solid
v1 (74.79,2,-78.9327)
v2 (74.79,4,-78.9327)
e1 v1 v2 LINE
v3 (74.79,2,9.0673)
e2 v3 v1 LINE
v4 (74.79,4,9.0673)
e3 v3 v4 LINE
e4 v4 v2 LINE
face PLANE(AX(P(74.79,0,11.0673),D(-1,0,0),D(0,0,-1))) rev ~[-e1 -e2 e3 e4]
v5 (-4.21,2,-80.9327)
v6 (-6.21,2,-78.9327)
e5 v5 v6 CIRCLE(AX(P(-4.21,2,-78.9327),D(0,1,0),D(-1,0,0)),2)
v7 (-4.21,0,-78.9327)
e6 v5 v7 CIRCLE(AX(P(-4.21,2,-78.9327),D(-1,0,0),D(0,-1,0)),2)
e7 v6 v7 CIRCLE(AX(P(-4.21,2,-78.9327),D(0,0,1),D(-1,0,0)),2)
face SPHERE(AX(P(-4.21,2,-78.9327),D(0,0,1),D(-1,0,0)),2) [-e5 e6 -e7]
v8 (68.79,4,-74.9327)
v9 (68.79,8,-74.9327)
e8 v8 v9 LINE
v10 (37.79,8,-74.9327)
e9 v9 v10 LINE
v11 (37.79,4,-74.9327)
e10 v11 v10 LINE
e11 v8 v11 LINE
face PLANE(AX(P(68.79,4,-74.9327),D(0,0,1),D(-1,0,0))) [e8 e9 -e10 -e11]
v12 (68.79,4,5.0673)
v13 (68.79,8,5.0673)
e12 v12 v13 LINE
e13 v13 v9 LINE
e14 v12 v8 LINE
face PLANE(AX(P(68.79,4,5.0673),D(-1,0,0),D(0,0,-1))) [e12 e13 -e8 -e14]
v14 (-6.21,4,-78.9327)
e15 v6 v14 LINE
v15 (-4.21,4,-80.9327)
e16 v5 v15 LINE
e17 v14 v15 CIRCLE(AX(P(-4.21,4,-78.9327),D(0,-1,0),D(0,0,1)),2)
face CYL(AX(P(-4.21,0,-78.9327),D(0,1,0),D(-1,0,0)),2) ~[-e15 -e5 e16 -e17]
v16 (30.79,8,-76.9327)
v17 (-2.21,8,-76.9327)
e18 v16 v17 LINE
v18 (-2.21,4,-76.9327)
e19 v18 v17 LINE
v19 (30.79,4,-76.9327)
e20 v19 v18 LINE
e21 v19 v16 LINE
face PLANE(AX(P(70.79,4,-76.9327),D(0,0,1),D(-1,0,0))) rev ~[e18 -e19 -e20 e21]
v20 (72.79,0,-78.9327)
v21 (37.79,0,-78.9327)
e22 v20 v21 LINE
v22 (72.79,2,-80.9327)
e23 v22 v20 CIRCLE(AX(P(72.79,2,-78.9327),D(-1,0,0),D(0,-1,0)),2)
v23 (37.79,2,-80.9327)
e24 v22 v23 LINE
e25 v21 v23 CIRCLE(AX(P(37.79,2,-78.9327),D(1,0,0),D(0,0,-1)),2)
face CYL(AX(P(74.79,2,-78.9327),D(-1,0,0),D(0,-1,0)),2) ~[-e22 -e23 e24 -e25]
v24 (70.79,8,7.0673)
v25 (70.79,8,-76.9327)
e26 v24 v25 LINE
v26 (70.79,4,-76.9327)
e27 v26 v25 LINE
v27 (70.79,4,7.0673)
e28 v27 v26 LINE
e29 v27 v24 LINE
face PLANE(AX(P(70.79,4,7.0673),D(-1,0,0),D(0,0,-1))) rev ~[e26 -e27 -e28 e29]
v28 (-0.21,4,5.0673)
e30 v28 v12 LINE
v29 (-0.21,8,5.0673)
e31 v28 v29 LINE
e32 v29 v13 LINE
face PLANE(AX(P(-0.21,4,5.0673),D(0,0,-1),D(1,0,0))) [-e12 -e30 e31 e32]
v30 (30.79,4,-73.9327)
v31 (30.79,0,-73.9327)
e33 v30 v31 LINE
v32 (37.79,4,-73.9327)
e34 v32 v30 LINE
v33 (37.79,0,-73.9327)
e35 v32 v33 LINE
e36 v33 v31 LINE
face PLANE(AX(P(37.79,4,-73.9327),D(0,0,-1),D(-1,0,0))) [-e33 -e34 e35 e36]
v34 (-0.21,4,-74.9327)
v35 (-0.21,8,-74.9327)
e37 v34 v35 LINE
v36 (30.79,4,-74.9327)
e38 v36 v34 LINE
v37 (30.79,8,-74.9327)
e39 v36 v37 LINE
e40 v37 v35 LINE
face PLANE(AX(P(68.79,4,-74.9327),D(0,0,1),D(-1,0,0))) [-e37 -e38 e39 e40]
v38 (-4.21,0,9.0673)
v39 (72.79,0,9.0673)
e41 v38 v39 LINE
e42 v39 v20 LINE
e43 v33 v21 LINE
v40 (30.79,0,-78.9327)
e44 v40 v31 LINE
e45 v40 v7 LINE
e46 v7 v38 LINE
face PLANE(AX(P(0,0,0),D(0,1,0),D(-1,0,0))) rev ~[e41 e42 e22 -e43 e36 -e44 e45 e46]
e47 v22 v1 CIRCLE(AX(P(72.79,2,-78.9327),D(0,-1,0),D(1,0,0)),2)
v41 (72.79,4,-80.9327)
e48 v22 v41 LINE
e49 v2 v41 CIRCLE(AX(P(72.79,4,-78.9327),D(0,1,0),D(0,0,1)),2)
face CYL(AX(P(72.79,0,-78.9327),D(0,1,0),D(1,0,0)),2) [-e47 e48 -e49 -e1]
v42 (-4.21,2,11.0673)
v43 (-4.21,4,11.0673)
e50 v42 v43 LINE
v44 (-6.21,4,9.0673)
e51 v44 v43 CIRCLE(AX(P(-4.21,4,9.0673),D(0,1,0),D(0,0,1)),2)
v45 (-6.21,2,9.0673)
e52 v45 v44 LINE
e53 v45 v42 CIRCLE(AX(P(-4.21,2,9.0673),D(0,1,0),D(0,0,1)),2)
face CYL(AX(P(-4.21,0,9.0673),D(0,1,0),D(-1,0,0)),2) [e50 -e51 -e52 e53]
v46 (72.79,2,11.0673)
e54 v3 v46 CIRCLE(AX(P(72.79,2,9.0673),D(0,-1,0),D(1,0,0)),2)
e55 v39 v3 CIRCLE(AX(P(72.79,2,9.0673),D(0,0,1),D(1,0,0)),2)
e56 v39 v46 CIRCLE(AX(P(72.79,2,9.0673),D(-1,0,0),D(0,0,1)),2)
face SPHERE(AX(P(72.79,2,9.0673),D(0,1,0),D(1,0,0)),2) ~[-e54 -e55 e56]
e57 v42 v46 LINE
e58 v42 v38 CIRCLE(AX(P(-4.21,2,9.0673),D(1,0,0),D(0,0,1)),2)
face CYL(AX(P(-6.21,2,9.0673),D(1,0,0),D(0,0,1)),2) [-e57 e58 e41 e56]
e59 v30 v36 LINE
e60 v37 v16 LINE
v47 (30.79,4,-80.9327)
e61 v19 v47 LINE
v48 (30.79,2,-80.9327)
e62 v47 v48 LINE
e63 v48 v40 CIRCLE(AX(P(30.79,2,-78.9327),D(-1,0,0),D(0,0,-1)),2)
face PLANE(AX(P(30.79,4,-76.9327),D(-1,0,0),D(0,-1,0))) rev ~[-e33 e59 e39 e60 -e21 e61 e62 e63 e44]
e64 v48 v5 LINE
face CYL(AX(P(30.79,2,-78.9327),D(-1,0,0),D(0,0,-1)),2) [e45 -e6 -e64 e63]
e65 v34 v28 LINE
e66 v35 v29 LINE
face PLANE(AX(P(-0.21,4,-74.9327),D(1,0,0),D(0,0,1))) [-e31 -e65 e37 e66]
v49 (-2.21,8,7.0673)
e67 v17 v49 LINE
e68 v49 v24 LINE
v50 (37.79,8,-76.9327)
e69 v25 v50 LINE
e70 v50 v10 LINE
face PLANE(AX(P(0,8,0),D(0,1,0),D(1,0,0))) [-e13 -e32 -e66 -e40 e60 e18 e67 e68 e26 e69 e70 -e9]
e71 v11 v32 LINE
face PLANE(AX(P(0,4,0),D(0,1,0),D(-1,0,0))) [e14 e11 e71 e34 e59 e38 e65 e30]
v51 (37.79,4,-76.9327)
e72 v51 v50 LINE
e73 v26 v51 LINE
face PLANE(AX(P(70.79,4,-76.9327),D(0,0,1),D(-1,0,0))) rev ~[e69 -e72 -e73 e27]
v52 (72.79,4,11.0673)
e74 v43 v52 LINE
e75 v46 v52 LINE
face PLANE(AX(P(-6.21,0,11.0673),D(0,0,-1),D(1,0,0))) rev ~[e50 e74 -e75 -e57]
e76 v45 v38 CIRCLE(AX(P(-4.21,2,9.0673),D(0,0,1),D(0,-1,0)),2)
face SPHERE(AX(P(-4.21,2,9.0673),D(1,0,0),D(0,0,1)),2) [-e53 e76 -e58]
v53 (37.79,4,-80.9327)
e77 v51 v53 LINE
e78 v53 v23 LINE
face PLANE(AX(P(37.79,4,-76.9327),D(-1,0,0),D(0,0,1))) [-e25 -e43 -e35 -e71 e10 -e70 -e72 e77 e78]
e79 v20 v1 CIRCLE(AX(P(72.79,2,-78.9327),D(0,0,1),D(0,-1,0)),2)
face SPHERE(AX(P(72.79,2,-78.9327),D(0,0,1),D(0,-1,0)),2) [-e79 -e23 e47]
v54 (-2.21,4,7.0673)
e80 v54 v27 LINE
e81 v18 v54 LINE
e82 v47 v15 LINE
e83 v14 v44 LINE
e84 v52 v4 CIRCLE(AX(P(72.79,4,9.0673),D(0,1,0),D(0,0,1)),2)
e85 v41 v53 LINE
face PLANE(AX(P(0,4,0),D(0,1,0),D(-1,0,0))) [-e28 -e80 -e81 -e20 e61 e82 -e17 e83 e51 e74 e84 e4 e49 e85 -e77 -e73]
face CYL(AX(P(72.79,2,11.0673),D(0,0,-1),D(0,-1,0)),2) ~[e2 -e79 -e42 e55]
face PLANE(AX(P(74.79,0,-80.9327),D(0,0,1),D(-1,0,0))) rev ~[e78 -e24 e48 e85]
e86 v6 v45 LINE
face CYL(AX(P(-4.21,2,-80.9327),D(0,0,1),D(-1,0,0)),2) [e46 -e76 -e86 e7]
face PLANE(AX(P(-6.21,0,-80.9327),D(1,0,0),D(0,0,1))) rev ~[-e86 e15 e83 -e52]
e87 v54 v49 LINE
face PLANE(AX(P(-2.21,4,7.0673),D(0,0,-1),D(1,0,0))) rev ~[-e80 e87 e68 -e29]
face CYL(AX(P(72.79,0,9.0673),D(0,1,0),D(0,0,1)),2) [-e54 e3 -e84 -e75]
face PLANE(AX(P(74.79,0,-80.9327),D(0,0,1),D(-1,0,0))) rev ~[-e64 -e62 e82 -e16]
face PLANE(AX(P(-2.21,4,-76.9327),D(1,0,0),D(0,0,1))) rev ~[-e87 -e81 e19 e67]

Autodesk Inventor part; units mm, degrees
ref_plane "YZ Plane" through (0, 0, 0) normal (1, 0, 0) x (0, 1, 0)
ref_plane "XZ Plane" through (0, 0, 0) normal (0, 1, 0) x (-1, 0, 0)
ref_plane "XY Plane" through (0, 0, 0) normal (0, 0, 1) x (1, 0, 0)
sketch "Sketch1" plane through (0, 0, 0) normal (0, 1, 0) x (-1, 0, 0)
  line L0 (6.21, 11.0673) -> (-74.79, 11.0673)
  line L1 (-74.79, 11.0673) -> (-74.79, -80.9327)
  line L2 (-74.79, -80.9327) -> (6.21, -80.9327)
  line L3 (6.21, -80.9327) -> (6.21, 11.0673)
  point P0 (0, 0)
  dimension "d0" = 81
  dimension "d1" = 92
extrude "Extrusion1" add sketch "Sketch1" along normal blind 4
sketch "Sketch2" plane through (0, 4, 0) normal (0, 1, 0) x (1, 0, 0)
  line L0 (-6.21, -11.0673) -> (74.79, -11.0673) projected
  line L1 (-3.1343, -11.0673) -> (0.8657, -11.0673) construction
  line L2 (-6.21, 80.9327) -> (-6.21, -11.0673) projected
  line L3 (-2.21, -7.0673) -> (70.79, -7.0673)
  line L4 (70.79, -7.0673) -> (70.79, 76.9327)
  line L5 (70.79, 76.9327) -> (-2.21, 76.9327)
  line L6 (-2.21, 76.9327) -> (-2.21, -7.0673)
  line L7 (74.79, -11.0673) -> (74.79, 80.9327) projected
  line L8 (-6.21, -11.0673) -> (74.79, -11.0673)
  line L9 (74.79, -11.0673) -> (74.79, 80.9327)
  line L10 (74.79, 80.9327) -> (-6.21, 80.9327)
  line L11 (-6.21, 80.9327) -> (-6.21, -11.0673)
  line L12 (-6.21, 80.9327) -> (-6.21, -11.0673) projected
  line L13 (2.4089, -7.0673) -> (4.4089, -7.0673) construction
  line L14 (-2.21, -5.0673) -> (-0.21, -5.0673) construction
  line L15 (-0.21, -5.0673) -> (68.79, -5.0673)
  line L16 (68.79, -5.0673) -> (68.79, 74.9327)
  line L17 (68.79, 74.9327) -> (-0.21, 74.9327)
  line L18 (-0.21, 74.9327) -> (-0.21, -5.0673)
  point P0 (0, 0)
  dimension "d8" = 73
  dimension "d9" = 84
  dimension "d14" = 69
  dimension "d15" = 80
extrude "Extrusion2" add sketch "Sketch2" along normal blind 4 contours L6 L5 L4 L3
sketch "Sketch3" plane through (0, 4, 0) normal (0, 1, 0) x (1, 0, 0)
  line L0 (-6.21, 80.9327) -> (-6.21, -11.0673) projected
  line L1 (-6.21, 78.6108) -> (34.29, 78.6108)
  line L2 (74.79, -11.0673) -> (74.79, 80.9327) projected
  line L3 (34.29, 78.6108) -> (34.29, 76.9327)
  line L4 (70.79, 76.9327) -> (-2.21, 76.9327) projected
  line L5 (34.29, 76.9327) -> (30.79, 76.9327)
  line L6 (30.79, 76.9327) -> (34.29, 76.9327)
  line L7 (34.29, 76.9327) -> (37.79, 76.9327)
  line L8 (37.79, 76.9327) -> (37.79, 73.9327)
  line L9 (37.79, 73.9327) -> (30.79, 73.9327)
  line L10 (30.79, 73.9327) -> (30.79, 76.9327)
  point P0 (0, 0)
  dimension "d18" = 40.5
  dimension "d19" = 3.5
  dimension "d20" = 3.5
  dimension "d21" = 3.5
  dimension "d22" = 3
  dimension "d23" = 7
extrude "Extrusion3" cut sketch "Sketch3" against normal blind 4
sketch "Sketch4" plane through (0, 4, 0) normal (0, -1, 0) x (1, 0, 0)
  line L0 (30.79, -76.9327) -> (37.79, -76.9327) projected
  line L1 (30.79, -73.9327) -> (30.79, -74.9327) projected
  line L2 (37.79, -76.9327) -> (30.79, -76.9327)
  line L3 (30.79, -76.9327) -> (30.79, -74.9327)
  line L4 (30.79, -74.9327) -> (37.79, -74.9327)
  line L5 (37.79, -74.9327) -> (37.79, -76.9327)
  point P0 (0, 0)
extrude "Extrusion4" cut sketch "Sketch4" against normal blind 10
sketch "Sketch5" plane through (30.79, 4, -76.9327) normal (0, 0, 1) x (1, 0, 0)
  line L0 (7, -4) -> (0, -4) projected
  line L1 (0, 0) -> (0, -4) projected
  line L2 (7, -4) -> (0, -4)
  line L3 (0, -4) -> (0, 0)
  line L4 (0, 0) -> (7, 0)
  line L5 (7, 0) -> (7, -4)
  point P0 (-30.79, -4)
extrude "Extrusion5" cut sketch "Sketch5" against normal blind 10
fillet "Fillet1" radius 2 9 edges at (74.79, 2, 11.0673) (74.79, 0, -34.9327) (34.29, 0, 11.0673) (-6.21, 2, 11.0673) (-6.21, 0, -34.9327) (-6.21, 2, -80.9327) (12.29, 0, -80.9327) (56.29, 0, -80.9327) (74.79, 2, -80.9327)
properties part number "Battery Box Lid_3DPrint"
